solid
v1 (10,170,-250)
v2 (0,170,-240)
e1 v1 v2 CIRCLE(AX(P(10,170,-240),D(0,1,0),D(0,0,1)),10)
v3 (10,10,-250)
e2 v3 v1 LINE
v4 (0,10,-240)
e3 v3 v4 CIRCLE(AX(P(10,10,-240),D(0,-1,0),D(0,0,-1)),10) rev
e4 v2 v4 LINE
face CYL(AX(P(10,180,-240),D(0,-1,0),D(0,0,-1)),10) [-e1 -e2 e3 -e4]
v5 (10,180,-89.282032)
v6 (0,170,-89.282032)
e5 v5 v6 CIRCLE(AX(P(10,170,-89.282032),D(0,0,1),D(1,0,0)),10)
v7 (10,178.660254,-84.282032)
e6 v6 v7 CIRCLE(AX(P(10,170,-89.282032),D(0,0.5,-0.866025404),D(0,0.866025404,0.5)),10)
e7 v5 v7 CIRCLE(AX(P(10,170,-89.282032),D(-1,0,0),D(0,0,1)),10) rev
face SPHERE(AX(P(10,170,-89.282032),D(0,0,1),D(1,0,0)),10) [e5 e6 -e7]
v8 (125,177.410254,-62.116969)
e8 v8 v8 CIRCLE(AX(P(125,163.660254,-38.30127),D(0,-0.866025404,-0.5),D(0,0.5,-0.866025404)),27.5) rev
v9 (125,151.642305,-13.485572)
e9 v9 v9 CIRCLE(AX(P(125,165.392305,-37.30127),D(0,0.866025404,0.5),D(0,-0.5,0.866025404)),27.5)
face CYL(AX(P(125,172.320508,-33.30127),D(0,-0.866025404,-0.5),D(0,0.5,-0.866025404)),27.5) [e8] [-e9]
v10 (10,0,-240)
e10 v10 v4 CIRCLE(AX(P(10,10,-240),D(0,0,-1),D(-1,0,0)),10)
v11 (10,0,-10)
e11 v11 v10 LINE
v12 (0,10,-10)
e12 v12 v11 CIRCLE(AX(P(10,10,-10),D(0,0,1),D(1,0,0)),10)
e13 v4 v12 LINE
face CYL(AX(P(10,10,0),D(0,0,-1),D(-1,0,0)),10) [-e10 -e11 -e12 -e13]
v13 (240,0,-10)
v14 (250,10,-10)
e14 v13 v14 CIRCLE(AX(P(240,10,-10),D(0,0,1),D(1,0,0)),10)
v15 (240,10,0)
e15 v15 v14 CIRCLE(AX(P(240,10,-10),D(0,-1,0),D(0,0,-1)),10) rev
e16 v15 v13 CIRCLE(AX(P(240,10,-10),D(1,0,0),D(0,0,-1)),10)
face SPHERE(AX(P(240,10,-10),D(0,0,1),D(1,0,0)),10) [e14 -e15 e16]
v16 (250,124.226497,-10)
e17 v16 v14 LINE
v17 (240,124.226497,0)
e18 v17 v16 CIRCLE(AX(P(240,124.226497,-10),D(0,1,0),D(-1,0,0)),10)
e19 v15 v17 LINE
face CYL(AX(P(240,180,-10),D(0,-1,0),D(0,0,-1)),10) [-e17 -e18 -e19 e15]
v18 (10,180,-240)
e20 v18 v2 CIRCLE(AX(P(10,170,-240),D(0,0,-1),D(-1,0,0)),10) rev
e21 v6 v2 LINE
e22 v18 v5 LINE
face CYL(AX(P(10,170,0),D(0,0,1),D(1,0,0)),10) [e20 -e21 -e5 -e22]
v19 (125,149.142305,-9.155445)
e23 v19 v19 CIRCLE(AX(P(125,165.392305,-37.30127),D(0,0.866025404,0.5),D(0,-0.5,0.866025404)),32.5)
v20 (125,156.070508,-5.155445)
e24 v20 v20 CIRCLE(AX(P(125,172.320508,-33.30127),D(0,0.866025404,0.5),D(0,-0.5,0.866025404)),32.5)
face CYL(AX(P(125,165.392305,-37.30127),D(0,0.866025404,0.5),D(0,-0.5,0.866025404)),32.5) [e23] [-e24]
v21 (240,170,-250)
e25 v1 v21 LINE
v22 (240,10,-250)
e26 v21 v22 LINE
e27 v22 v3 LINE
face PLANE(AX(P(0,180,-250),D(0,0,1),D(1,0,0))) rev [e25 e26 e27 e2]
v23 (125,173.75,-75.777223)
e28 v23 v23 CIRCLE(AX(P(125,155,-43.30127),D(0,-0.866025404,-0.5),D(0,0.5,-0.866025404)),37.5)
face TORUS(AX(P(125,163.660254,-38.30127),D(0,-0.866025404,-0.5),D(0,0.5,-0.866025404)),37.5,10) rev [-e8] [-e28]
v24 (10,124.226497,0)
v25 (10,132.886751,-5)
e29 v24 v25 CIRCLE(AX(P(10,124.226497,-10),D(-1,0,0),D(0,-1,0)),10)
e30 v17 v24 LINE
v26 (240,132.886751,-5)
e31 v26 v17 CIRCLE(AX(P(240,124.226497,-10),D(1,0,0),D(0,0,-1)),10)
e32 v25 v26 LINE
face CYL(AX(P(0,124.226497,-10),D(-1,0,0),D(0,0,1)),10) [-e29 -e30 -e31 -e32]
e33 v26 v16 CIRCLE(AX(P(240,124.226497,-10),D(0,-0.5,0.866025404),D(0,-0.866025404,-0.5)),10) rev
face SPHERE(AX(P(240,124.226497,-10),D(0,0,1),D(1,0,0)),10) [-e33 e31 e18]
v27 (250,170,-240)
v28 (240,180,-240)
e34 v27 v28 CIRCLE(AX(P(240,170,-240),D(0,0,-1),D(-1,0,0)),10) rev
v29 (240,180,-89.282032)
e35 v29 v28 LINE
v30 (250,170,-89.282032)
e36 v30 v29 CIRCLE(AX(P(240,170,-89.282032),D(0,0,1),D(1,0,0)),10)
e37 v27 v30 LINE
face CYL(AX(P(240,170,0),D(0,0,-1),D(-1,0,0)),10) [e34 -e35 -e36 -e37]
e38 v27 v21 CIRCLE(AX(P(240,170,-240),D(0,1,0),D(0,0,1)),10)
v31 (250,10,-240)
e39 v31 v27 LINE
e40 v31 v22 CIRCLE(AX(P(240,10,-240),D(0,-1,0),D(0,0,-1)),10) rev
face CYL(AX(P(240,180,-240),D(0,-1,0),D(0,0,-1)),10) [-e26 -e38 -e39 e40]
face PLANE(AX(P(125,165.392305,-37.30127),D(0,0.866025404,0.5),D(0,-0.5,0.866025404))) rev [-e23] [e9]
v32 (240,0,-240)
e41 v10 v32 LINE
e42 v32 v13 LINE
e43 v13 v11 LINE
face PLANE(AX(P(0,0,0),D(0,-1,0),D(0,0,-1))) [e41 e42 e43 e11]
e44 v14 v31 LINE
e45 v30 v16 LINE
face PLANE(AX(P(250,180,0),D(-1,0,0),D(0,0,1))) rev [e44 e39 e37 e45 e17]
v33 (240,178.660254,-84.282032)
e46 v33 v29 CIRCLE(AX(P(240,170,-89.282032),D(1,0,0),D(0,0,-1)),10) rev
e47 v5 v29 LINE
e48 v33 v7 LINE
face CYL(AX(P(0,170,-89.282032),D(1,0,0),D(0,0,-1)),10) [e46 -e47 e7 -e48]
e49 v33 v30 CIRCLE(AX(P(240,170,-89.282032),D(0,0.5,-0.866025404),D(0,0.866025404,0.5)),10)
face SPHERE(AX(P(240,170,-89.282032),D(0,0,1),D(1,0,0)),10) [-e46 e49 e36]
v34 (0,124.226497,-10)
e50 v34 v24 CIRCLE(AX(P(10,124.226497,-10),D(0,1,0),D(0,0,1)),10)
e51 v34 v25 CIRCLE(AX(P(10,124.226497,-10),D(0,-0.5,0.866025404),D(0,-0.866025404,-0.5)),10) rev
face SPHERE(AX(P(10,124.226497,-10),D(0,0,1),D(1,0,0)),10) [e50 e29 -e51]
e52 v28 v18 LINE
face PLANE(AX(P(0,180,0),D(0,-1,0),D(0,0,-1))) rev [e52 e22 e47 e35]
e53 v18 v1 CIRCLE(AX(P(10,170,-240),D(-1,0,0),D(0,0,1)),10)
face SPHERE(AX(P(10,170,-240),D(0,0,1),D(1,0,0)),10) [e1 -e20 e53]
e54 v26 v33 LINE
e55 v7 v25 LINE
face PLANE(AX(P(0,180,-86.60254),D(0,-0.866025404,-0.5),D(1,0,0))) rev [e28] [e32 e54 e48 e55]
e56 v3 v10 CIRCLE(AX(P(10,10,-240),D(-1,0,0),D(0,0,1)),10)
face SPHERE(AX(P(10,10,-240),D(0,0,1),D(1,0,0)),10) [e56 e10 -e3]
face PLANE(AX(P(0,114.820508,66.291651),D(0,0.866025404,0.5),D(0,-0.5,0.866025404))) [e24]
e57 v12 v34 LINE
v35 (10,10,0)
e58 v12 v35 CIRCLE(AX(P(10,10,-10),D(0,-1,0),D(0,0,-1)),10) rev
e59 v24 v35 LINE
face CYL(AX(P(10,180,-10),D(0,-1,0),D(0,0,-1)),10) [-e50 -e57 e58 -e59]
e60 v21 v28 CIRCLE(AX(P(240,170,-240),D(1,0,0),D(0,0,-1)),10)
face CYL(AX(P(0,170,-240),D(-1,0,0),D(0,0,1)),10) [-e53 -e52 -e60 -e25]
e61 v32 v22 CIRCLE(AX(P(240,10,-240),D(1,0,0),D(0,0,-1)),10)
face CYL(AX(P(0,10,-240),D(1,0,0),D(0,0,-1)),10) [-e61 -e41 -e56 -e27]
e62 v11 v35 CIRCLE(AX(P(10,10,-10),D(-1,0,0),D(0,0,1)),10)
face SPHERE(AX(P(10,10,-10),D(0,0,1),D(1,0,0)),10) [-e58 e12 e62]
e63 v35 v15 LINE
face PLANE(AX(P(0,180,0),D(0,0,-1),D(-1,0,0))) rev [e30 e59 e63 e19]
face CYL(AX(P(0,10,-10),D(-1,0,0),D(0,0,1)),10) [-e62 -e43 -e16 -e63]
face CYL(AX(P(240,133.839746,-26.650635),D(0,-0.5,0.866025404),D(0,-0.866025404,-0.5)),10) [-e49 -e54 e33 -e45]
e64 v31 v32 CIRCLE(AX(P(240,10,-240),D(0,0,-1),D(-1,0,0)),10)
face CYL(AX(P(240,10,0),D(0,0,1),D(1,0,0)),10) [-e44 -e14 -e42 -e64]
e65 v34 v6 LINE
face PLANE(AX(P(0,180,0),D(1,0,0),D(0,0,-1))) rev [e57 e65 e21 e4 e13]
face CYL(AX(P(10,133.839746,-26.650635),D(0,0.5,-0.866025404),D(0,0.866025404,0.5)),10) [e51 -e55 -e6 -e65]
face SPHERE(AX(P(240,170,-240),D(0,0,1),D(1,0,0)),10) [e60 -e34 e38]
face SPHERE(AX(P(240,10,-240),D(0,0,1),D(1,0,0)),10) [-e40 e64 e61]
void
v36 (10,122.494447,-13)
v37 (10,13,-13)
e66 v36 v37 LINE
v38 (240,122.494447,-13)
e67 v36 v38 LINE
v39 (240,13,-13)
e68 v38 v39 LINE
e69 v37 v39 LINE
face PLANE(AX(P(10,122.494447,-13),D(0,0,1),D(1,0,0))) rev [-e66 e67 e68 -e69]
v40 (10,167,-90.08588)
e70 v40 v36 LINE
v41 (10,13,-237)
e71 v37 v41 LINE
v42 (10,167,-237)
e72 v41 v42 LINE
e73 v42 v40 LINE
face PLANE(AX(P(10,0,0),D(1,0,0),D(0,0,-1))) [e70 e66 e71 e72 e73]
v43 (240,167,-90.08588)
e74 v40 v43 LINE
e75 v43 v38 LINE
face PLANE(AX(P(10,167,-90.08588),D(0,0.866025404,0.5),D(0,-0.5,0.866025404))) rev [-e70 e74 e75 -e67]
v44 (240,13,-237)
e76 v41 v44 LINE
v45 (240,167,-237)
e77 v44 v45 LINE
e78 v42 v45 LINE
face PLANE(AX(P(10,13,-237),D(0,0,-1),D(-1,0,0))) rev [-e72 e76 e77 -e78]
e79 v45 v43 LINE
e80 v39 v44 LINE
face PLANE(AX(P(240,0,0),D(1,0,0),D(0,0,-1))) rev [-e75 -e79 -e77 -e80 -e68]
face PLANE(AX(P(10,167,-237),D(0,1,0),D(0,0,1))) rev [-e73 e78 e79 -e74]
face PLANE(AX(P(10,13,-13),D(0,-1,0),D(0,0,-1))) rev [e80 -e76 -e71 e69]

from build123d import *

# Parameters (mm, degrees)
SKETCH_1_W          = 250
SKETCH_1_H          = 250
EXTRUDE_1_DEPTH     = 180
CHAMFER_1_SIZE      = 50
CHAMFER_1_SIZE2     = 86.602540378
SKETCH_2_R          = 27.5
EXTRUDE_2_DEPTH     = 20
EXTRUDE_START       = 12
SKETCH_2_3_R        = 32.5
SKETCH_2_3_R_2      = 27.5
EXTRUDE_3_DEPTH     = 8
FILLET_1_R          = 10
CUT_EXTRUDE_START   = -10
CUT_EXTRUDE_1_DEPTH = 230


with BuildPart() as part:
    # 스케치1 → 보스-돌출1 (new body)
    with BuildSketch(Plane(origin=(0, 0, 0), x_dir=(1, 0, 0), z_dir=(0, 1, 0))):
        with Locations((125, 125)):
            Rectangle(SKETCH_1_W, SKETCH_1_H)
    extrude(amount=EXTRUDE_1_DEPTH)

    # 모따기1
    chamfer_1_edges = [part.edges().sort_by_distance(p)[0] for p in [
        (125, 180, 0),
    ]]
    chamfer_1_side = [part.faces().sort_by_distance(p)[0] for p in [
        (125, 90, 0),
    ]]
    chamfer(chamfer_1_edges, length=CHAMFER_1_SIZE, length2=CHAMFER_1_SIZE2, reference=chamfer_1_side[0])

    # 스케치2 → 보스-돌출2 (add)
    with BuildSketch(Plane(origin=(0, 97.5, 56.291651246), x_dir=(1, 0, 0), z_dir=(0, 0.8660254037844379, 0.5000000000000014))):
        with Locations((125, 115)):
            Circle(SKETCH_2_R)
    extrude(amount=EXTRUDE_2_DEPTH)

    # 스케치2<3> → 보스-돌출3 (add)
    with BuildSketch(Plane(origin=(0, 97.5, 56.291651246), x_dir=(1, 0, 0), z_dir=(0, 0.8660254037844379, 0.5000000000000014)).offset(EXTRUDE_START)):
        with Locations((125, 115)):
            Circle(SKETCH_2_3_R)
        with Locations((125, 115)):
            Circle(SKETCH_2_3_R_2, mode=Mode.SUBTRACT)
    extrude(amount=EXTRUDE_3_DEPTH)

    # 필렛1
    fillet_1_edges = [part.edges().sort_by_distance(p)[0] for p in [
        (97.5, 155, -43.301270189),
        (125, 180, -86.602540378),
        (0, 180, -168.301270189),
        (0, 155, -43.301270189),
        (125, 180, -250),
        (0, 90, -250),
        (250, 90, -250),
        (250, 155, -43.301270189),
        (250, 180, -168.301270189),
        (0, 65, 0),
        (125, 130, 0),
        (250, 65, 0),
        (125, 0, 0),
        (250, 0, -125),
        (125, 0, -250),
        (0, 0, -125),
    ]]
    fillet(fillet_1_edges, radius=FILLET_1_R)

    # 스케치3 → 컷-돌출1 (cut)
    with BuildSketch(Plane(origin=(250, 0, 0), x_dir=(0, 0, -1), z_dir=(1, 0, 0)).offset(CUT_EXTRUDE_START)):
        Polygon((237, 13), (237, 167), (90.08587988, 167), (13, 122.494446501), (13, 13), align=None)
    extrude(amount=-CUT_EXTRUDE_1_DEPTH, mode=Mode.SUBTRACT)


solid = part.part
